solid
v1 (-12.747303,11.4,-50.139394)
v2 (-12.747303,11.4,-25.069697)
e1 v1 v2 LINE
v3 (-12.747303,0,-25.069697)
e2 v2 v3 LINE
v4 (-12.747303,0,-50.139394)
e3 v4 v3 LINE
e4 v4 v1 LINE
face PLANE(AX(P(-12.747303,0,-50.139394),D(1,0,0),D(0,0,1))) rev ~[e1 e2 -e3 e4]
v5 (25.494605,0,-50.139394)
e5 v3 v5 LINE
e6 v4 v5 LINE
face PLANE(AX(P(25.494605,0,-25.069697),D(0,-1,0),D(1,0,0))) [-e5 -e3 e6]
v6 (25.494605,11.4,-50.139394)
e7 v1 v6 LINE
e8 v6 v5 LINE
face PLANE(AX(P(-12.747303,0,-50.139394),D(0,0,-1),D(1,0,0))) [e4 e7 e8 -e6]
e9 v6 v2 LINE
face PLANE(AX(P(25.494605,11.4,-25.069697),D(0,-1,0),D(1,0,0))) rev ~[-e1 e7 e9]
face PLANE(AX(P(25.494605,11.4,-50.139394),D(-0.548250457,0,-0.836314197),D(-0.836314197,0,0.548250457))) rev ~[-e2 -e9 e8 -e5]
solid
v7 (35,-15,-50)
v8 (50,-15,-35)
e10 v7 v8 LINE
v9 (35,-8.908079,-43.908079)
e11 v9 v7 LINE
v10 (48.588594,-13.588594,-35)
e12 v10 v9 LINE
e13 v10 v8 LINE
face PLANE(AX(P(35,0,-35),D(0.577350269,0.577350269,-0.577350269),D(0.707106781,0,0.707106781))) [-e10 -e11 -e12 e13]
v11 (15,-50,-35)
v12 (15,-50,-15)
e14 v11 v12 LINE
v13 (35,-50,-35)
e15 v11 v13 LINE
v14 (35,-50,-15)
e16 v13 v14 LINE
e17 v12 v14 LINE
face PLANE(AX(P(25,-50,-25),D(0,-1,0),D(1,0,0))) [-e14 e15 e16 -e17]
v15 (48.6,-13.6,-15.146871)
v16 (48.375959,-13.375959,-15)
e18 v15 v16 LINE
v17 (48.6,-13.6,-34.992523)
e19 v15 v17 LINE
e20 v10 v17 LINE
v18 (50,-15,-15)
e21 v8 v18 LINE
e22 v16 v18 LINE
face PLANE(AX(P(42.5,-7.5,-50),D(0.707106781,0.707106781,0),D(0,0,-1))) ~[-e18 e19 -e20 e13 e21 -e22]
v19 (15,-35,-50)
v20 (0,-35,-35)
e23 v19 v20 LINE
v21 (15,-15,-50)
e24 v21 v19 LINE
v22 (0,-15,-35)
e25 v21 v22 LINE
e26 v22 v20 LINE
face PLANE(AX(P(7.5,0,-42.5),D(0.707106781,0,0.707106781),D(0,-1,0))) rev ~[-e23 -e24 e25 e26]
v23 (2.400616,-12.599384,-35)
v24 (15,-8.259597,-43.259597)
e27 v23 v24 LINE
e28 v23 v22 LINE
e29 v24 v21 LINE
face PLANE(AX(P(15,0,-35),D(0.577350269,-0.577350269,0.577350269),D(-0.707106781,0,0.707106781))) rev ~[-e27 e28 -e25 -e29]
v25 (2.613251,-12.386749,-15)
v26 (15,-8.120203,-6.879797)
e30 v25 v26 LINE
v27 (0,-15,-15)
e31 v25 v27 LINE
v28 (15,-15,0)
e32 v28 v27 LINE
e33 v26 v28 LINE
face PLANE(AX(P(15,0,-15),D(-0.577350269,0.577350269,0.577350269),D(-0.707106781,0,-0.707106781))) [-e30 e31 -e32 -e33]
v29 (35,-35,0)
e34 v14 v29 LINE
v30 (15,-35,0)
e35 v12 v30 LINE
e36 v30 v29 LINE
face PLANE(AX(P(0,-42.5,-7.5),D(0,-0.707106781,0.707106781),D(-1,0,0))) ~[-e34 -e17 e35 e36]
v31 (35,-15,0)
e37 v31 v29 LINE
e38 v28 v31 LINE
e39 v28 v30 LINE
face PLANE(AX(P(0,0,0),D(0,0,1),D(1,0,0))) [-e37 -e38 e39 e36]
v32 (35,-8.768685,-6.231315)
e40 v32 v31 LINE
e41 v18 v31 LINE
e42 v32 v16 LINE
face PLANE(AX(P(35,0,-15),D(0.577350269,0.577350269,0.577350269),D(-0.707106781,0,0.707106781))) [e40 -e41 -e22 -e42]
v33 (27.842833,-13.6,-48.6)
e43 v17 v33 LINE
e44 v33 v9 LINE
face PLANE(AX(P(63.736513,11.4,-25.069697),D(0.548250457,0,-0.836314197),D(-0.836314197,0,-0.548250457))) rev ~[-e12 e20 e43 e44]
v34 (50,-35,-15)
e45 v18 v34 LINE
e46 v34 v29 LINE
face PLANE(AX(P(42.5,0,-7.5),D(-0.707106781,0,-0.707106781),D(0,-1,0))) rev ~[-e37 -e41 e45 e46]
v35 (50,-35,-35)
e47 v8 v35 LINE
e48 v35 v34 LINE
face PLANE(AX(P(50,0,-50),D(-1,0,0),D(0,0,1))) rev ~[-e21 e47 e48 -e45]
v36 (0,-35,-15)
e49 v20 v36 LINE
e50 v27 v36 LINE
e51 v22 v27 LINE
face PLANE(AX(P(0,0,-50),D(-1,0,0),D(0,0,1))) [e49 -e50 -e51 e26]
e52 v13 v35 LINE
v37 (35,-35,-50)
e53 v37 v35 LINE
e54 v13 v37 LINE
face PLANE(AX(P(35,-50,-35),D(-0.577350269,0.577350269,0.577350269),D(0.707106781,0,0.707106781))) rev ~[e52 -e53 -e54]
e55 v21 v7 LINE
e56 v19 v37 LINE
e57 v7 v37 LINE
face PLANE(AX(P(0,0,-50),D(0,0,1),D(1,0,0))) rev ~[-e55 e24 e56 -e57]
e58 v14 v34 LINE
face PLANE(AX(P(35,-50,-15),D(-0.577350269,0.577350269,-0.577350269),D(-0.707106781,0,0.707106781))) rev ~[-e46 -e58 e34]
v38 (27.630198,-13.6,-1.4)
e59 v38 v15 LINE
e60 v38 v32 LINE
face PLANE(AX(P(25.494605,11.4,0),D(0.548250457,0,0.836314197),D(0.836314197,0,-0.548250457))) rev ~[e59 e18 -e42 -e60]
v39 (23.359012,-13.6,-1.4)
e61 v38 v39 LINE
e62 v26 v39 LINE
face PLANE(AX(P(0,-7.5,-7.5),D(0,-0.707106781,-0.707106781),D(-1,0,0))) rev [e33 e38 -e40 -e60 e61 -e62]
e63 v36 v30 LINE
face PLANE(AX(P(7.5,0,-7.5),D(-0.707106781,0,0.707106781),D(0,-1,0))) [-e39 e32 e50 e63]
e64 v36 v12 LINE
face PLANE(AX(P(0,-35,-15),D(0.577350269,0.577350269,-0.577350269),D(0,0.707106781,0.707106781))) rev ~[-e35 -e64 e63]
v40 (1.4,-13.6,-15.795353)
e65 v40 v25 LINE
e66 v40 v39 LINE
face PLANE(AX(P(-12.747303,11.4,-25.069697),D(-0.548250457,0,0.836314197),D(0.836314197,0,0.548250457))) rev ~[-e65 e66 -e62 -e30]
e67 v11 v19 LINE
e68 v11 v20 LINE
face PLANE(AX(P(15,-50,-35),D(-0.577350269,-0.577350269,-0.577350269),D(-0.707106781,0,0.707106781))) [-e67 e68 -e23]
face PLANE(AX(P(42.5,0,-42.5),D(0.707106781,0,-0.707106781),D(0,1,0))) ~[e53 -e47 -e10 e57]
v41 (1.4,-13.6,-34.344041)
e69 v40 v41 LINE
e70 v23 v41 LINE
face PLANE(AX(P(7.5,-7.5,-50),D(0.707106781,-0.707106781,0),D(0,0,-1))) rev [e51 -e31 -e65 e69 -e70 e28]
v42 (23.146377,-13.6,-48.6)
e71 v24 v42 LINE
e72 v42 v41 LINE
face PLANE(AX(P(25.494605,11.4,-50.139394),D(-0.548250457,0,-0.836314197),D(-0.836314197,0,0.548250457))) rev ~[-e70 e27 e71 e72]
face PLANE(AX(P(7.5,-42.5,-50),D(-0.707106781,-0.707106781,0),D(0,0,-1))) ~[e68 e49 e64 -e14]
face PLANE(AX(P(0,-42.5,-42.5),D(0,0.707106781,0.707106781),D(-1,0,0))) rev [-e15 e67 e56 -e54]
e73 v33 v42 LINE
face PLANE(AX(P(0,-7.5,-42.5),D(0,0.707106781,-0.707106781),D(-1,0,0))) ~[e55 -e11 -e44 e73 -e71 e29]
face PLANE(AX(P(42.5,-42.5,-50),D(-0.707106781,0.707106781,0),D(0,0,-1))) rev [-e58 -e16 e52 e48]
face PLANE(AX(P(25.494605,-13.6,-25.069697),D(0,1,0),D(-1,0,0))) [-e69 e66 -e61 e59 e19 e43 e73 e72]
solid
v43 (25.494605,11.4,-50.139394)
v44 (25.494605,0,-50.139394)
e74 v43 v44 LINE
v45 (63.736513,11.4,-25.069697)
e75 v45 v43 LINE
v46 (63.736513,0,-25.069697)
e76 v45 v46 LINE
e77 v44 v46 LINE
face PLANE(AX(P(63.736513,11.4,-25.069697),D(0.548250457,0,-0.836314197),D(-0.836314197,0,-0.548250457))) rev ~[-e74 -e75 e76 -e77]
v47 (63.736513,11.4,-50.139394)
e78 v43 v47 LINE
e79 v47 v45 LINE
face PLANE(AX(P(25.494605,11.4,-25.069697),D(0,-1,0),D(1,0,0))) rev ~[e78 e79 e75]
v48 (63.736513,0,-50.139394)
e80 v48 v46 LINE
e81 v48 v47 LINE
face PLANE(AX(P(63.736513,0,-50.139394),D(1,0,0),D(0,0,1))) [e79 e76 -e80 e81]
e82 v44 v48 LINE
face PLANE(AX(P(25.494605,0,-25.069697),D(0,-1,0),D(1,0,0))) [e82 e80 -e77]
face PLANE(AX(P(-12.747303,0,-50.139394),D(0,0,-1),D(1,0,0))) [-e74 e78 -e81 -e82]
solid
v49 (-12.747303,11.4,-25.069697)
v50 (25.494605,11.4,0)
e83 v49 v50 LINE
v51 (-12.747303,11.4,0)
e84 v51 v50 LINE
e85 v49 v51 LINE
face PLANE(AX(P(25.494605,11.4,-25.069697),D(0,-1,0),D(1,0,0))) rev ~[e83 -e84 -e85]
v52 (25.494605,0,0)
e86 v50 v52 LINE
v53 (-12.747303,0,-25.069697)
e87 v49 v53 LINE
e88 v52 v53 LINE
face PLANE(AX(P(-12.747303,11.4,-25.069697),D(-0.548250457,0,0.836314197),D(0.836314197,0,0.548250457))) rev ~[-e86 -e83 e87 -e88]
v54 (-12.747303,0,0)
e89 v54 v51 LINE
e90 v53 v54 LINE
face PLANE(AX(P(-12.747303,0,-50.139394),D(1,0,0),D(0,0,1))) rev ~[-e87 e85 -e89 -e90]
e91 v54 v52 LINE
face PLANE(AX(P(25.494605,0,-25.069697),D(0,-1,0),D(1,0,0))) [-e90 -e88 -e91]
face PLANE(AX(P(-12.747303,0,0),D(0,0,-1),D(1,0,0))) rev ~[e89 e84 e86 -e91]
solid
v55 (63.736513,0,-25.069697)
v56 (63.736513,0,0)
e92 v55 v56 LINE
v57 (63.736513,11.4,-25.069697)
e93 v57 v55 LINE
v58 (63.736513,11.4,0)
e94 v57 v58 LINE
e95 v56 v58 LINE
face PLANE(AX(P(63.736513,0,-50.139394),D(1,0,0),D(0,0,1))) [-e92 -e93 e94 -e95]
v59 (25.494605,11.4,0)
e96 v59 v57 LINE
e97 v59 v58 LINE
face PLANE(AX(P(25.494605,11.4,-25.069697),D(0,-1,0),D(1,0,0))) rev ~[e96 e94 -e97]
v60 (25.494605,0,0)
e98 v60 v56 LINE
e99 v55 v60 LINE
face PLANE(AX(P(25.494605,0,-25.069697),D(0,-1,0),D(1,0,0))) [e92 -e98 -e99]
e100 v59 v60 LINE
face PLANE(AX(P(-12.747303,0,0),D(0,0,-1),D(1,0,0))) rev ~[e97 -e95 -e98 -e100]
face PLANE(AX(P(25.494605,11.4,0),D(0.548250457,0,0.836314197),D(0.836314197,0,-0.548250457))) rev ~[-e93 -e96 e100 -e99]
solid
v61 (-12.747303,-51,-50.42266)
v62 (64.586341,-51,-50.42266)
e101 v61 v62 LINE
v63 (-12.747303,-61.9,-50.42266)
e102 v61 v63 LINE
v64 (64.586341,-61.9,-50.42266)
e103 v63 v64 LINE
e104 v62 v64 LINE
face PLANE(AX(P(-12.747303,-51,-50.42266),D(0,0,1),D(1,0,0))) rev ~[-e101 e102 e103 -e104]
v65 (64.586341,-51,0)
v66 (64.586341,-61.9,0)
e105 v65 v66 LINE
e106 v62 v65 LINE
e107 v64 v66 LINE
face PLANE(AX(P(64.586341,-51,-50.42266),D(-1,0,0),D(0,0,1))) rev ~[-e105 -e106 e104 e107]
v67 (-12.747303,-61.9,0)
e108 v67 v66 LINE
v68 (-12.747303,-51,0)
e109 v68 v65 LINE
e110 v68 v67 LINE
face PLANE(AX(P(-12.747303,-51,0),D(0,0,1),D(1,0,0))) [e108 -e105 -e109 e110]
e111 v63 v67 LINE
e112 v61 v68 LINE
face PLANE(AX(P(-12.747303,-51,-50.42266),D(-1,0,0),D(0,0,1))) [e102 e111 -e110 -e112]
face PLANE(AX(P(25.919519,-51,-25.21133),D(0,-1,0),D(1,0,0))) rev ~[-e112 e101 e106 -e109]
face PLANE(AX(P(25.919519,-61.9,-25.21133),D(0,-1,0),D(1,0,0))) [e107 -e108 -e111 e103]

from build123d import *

# Parameters (mm, degrees)
F0_W     = 50
F0_H     = 50
F1_DEPTH = 50
F2_SIZE  = 15
F4_W     = 76.483816
F4_H     = 50.139394
F6_DEPTH = 11.4
F5_W     = 77.333644
F5_H     = 50.422661
F7_DEPTH = 10.9
F9_DEPTH = 25


with BuildPart() as f1:
    # F0 (on Front) → F1 (new body)
    with BuildSketch(Plane.XZ):
        with Locations((25, -25)):
            Rectangle(F0_W, F0_H)
    extrude(amount=F1_DEPTH)

    # F2
    f2_edges = [f1.edges().sort_by_distance(p)[0] for p in [
        (0, -25, -50),
        (50, -25, -50),
        (25, 0, -50),
        (25, -50, -50),
        (50, -25, 0),
        (50, 0, -25),
        (50, -50, -25),
        (25, -50, 0),
        (0, -50, -25),
        (0, -25, 0),
        (25, 0, 0),
        (0, 0, -25),
    ]]
    chamfer(f2_edges, length=F2_SIZE)

    # F4 (on Front) → F6 (join)
    with BuildSketch(Plane.XZ):
        with Locations((25.494605, -25.069697)):
            Rectangle(F4_W, F4_H)
    extrude(amount=-F6_DEPTH)

    # F8 (on face) → F9 (cut)
    with BuildSketch(Plane(origin=(0, 11.4, 0), x_dir=(-1, 0, 0), z_dir=(0, 1, 0))):
        Polygon((-25.494605, 0), (-63.736513, -25.069697), (-25.494605, -50.139394), (12.747303, -25.069697), align=None)
    extrude(amount=-F9_DEPTH, mode=Mode.SUBTRACT)


with BuildPart() as f7:
    # F5 (on offset) → F7 (new body)
    with BuildSketch(Plane.XZ.offset(51)):
        with Locations((25.919519, -25.21133)):
            Rectangle(F5_W, F5_H)
    extrude(amount=F7_DEPTH)


solid = Compound([f1.part, f7.part])
